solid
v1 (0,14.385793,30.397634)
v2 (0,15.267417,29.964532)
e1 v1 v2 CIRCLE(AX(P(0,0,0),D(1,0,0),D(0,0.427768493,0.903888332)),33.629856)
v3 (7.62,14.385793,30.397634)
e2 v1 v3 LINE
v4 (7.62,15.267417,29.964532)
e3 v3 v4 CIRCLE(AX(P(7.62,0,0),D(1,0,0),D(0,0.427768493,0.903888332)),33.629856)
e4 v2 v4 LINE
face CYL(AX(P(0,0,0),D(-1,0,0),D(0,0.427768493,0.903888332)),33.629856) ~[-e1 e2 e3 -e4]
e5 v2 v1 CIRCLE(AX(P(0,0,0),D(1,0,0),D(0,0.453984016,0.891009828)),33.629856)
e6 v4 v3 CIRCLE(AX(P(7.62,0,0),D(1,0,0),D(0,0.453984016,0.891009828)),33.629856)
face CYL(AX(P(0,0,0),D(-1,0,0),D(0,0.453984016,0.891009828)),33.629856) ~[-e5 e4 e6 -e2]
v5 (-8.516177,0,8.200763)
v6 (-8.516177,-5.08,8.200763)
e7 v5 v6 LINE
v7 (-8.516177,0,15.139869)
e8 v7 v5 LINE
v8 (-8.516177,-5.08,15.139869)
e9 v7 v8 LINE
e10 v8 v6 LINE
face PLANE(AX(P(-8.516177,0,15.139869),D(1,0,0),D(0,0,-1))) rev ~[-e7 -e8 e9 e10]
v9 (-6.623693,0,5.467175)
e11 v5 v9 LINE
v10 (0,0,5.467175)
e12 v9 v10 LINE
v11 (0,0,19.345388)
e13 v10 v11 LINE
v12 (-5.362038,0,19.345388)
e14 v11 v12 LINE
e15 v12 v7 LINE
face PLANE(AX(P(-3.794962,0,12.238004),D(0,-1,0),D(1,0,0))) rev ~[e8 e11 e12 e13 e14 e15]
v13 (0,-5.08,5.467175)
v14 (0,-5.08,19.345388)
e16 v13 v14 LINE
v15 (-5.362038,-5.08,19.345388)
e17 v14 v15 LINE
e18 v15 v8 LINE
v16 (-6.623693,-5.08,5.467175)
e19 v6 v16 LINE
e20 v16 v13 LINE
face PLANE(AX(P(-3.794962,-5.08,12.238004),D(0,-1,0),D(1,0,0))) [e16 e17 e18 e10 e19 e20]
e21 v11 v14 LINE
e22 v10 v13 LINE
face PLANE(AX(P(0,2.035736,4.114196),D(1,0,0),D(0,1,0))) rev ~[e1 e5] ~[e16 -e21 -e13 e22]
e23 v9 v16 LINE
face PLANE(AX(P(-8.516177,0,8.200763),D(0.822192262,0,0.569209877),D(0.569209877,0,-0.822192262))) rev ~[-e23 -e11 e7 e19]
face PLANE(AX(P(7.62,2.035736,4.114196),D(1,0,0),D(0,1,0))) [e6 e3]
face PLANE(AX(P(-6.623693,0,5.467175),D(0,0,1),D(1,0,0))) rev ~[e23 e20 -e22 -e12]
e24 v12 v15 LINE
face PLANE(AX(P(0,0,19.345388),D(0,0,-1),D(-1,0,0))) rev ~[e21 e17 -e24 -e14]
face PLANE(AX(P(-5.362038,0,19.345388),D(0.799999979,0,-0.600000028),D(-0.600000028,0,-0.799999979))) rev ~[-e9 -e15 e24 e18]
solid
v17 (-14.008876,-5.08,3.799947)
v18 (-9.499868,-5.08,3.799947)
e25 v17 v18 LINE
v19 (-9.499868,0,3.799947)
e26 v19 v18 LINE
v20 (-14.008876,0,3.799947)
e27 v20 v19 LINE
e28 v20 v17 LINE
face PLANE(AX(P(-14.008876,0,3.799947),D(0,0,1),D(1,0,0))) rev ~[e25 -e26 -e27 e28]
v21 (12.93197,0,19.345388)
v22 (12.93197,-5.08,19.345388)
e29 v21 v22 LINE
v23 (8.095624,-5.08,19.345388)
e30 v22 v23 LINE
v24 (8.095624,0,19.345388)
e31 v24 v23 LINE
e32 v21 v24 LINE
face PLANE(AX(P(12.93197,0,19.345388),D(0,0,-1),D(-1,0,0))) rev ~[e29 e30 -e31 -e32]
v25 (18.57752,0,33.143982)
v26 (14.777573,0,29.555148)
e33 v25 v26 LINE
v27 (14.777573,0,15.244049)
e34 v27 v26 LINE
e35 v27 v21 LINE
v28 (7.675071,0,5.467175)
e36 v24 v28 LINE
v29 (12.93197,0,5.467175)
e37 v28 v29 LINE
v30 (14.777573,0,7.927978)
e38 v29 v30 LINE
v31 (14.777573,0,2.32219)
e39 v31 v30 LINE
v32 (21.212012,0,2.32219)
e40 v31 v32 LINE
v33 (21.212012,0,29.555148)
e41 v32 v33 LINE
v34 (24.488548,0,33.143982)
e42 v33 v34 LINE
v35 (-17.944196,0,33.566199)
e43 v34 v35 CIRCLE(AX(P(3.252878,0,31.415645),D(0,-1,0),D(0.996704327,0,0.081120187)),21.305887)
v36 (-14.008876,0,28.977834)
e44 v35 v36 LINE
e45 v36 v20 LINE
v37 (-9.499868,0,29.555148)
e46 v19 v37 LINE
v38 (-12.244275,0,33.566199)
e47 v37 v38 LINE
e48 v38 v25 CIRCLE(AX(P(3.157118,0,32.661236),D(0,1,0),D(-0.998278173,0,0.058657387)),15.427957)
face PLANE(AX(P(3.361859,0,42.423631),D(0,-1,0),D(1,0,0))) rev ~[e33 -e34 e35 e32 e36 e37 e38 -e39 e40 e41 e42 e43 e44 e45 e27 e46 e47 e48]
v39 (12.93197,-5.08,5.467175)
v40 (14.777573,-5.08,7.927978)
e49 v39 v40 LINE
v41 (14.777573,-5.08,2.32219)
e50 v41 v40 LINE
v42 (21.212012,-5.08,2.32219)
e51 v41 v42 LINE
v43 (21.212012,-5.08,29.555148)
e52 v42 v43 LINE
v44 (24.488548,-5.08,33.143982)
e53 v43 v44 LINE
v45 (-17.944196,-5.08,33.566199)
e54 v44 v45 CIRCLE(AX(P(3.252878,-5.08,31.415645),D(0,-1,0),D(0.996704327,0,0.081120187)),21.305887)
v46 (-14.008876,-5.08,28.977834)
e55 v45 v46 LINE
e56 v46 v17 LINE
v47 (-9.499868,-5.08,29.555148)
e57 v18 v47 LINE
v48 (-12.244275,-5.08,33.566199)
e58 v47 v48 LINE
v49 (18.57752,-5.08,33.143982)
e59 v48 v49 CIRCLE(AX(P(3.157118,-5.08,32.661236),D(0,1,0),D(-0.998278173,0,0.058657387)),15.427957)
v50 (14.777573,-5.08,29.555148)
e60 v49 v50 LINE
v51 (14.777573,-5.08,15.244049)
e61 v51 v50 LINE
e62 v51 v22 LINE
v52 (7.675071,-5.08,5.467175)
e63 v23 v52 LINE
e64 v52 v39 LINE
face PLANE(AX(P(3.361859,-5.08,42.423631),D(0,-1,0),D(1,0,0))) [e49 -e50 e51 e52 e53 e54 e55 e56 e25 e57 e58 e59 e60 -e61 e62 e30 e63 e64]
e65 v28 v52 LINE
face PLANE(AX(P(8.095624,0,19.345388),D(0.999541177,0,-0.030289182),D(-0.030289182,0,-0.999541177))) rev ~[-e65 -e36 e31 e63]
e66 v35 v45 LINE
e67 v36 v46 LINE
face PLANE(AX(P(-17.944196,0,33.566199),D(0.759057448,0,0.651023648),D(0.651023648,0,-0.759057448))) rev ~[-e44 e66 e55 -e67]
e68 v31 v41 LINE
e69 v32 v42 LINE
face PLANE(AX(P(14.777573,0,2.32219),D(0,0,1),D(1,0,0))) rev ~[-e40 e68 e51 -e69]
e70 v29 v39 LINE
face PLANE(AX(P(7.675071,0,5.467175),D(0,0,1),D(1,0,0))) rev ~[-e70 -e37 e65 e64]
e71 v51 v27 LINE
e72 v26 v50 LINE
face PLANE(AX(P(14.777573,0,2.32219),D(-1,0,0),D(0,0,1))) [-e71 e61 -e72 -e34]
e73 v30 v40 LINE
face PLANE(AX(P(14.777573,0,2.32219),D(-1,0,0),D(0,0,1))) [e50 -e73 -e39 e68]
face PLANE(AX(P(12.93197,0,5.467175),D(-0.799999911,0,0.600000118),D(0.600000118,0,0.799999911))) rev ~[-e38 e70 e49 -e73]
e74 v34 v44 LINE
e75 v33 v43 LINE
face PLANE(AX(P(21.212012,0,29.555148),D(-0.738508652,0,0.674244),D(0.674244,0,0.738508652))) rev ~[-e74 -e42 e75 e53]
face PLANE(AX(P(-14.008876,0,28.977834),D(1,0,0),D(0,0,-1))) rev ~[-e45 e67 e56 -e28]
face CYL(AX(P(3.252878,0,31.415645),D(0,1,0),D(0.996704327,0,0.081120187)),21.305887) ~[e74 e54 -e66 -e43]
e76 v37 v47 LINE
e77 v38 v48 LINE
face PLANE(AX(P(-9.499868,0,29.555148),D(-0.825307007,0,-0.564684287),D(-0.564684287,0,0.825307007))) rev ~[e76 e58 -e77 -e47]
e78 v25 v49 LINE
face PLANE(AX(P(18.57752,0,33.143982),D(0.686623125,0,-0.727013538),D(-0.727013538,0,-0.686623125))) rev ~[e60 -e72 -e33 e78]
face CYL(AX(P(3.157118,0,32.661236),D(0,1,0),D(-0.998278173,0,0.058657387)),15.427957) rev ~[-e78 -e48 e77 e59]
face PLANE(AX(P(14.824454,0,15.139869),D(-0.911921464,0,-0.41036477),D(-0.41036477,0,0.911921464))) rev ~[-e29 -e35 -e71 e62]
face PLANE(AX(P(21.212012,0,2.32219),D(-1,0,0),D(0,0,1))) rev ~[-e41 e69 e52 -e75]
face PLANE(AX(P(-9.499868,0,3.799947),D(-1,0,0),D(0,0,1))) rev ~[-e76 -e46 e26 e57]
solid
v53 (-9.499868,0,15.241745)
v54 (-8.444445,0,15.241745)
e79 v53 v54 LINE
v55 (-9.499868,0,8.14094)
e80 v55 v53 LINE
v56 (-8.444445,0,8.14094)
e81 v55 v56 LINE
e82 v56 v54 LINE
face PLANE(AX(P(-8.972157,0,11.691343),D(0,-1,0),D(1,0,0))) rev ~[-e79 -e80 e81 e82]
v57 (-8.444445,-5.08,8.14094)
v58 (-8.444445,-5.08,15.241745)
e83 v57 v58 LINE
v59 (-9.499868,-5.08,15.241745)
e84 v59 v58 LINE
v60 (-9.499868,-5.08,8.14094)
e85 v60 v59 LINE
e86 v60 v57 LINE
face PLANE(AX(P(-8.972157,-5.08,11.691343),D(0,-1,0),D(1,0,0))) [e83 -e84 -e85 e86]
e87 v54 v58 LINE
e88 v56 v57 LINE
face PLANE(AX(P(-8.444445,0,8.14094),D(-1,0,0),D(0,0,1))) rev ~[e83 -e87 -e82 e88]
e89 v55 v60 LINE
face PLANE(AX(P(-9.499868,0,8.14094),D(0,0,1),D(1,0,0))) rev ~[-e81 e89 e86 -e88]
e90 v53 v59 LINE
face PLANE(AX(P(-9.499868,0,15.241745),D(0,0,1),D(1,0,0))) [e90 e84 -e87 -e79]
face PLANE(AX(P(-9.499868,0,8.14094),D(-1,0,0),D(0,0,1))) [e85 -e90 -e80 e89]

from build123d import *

# Parameters (mm, degrees)
F1_DEPTH = 7.62
F3_DEPTH = 5.08
F4_W     = 6.4344388135
F4_H     = 27.2329575382
F5_DEPTH = 5.08
F4_W_2   = 1.0554231703
F4_H_2   = 7.1008047089
F6_DEPTH = 5.08


with BuildPart() as f1:
    # F0 (on Right) → F1 (new body)
    with BuildSketch(Plane.YZ):
        with BuildLine():
            ThreePointArc((14.3857927618, 30.3976343496), (-28.4144271888, -17.9885389893), (33.6298558938, 0))
            ThreePointArc((33.6298558938, 0), (28.6741019189, 17.5716557724), (15.2674170206, 29.9645321165))
            Line((15.2674170206, 29.9645321165), (0.7576213102, 0))
            Line((0.7576213102, 0), (-0.5346691469, 0))
            Line((-0.5346691469, 0), (14.3857927618, 30.3976343496))
        make_face()
        with BuildLine():
            Line((14.3857927618, 30.3976343496), (15.2674170206, 29.9645321165))
            ThreePointArc((15.2674170206, 29.9645321165), (14.8281862339, 30.1843022191), (14.3857927618, 30.3976343496))
        make_face()
        Polygon((0.7576213102, 0), (15.2674170206, 29.9645321165), (14.3857927618, 30.3976343496), (-0.5346691469, 0), align=None)
    extrude(amount=F1_DEPTH)

    # F2 (on Front) → F3, piece 2 (join)
    with BuildSketch(Plane.XZ):
        Polygon((0, 5.4671750404), (0, 19.3453878164), (-5.3620375693, 19.3453878164), (-8.5161766037, 15.1398694143), (-8.5161766037, 8.2007627934), (-6.6236932762, 5.4671750404), align=None)
    extrude(amount=F3_DEPTH)


with BuildPart() as f3:
    # F2 (on Front) → F3 (new body)
    with BuildSketch(Plane.XZ):
        Polygon((12.9319699481, 19.3453878164), (8.0956239253, 19.3453878164), (7.6750712469, 5.4671750404), (12.9319699481, 5.4671750404), (14.8244537413, 7.9904859886), (14.8244537413, 15.1398694143), align=None)
    extrude(amount=F3_DEPTH)

    # F4 (on Front) → F5 (join)
    with BuildSketch(Plane.XZ):
        with BuildLine():
            Line((18.5775198042, 33.1439822912), (24.4885478169, 33.1439822912))
            ThreePointArc((24.4885478169, 33.1439822912), (3.4648664733, 52.7204773521), (-17.9441962391, 33.5661992431))
            Line((-17.9441962391, 33.5661992431), (-12.2442748398, 33.5661992431))
            ThreePointArc((-12.2442748398, 33.5661992431), (3.3684399437, 48.0877449787), (18.5775198042, 33.1439822912))
        make_face()
        Polygon((-9.499868378, 29.5551475137), (-14.0088759054, 28.9778341061), (-14.0088759054, 3.7999474443), (-9.499868378, 3.7999474443), (-9.499868378, 8.1409402192), (-9.499868378, 15.2417449281), align=None)
        Polygon((-12.2442748398, 33.5661992431), (-17.9441962391, 33.5661992431), (-14.0088759054, 28.9778341061), (-9.499868378, 29.5551475137), align=None)
        Polygon((21.212011639, 29.5551475137), (24.4885478169, 33.1439822912), (18.5775198042, 33.1439822912), (14.7775728256, 29.5551475137), align=None)
        with Locations((17.9947922323, 15.9386687446)):
            Rectangle(F4_W, F4_H)
    extrude(amount=F5_DEPTH)


with BuildPart() as f6:
    # F4 (on Front) → F6 (new body)
    with BuildSketch(Plane.XZ):
        with Locations((-8.9721567929, 11.6913425736)):
            Rectangle(F4_W_2, F4_H_2)
    extrude(amount=F6_DEPTH)


solid = Compound([f1.part, f3.part, f6.part])
